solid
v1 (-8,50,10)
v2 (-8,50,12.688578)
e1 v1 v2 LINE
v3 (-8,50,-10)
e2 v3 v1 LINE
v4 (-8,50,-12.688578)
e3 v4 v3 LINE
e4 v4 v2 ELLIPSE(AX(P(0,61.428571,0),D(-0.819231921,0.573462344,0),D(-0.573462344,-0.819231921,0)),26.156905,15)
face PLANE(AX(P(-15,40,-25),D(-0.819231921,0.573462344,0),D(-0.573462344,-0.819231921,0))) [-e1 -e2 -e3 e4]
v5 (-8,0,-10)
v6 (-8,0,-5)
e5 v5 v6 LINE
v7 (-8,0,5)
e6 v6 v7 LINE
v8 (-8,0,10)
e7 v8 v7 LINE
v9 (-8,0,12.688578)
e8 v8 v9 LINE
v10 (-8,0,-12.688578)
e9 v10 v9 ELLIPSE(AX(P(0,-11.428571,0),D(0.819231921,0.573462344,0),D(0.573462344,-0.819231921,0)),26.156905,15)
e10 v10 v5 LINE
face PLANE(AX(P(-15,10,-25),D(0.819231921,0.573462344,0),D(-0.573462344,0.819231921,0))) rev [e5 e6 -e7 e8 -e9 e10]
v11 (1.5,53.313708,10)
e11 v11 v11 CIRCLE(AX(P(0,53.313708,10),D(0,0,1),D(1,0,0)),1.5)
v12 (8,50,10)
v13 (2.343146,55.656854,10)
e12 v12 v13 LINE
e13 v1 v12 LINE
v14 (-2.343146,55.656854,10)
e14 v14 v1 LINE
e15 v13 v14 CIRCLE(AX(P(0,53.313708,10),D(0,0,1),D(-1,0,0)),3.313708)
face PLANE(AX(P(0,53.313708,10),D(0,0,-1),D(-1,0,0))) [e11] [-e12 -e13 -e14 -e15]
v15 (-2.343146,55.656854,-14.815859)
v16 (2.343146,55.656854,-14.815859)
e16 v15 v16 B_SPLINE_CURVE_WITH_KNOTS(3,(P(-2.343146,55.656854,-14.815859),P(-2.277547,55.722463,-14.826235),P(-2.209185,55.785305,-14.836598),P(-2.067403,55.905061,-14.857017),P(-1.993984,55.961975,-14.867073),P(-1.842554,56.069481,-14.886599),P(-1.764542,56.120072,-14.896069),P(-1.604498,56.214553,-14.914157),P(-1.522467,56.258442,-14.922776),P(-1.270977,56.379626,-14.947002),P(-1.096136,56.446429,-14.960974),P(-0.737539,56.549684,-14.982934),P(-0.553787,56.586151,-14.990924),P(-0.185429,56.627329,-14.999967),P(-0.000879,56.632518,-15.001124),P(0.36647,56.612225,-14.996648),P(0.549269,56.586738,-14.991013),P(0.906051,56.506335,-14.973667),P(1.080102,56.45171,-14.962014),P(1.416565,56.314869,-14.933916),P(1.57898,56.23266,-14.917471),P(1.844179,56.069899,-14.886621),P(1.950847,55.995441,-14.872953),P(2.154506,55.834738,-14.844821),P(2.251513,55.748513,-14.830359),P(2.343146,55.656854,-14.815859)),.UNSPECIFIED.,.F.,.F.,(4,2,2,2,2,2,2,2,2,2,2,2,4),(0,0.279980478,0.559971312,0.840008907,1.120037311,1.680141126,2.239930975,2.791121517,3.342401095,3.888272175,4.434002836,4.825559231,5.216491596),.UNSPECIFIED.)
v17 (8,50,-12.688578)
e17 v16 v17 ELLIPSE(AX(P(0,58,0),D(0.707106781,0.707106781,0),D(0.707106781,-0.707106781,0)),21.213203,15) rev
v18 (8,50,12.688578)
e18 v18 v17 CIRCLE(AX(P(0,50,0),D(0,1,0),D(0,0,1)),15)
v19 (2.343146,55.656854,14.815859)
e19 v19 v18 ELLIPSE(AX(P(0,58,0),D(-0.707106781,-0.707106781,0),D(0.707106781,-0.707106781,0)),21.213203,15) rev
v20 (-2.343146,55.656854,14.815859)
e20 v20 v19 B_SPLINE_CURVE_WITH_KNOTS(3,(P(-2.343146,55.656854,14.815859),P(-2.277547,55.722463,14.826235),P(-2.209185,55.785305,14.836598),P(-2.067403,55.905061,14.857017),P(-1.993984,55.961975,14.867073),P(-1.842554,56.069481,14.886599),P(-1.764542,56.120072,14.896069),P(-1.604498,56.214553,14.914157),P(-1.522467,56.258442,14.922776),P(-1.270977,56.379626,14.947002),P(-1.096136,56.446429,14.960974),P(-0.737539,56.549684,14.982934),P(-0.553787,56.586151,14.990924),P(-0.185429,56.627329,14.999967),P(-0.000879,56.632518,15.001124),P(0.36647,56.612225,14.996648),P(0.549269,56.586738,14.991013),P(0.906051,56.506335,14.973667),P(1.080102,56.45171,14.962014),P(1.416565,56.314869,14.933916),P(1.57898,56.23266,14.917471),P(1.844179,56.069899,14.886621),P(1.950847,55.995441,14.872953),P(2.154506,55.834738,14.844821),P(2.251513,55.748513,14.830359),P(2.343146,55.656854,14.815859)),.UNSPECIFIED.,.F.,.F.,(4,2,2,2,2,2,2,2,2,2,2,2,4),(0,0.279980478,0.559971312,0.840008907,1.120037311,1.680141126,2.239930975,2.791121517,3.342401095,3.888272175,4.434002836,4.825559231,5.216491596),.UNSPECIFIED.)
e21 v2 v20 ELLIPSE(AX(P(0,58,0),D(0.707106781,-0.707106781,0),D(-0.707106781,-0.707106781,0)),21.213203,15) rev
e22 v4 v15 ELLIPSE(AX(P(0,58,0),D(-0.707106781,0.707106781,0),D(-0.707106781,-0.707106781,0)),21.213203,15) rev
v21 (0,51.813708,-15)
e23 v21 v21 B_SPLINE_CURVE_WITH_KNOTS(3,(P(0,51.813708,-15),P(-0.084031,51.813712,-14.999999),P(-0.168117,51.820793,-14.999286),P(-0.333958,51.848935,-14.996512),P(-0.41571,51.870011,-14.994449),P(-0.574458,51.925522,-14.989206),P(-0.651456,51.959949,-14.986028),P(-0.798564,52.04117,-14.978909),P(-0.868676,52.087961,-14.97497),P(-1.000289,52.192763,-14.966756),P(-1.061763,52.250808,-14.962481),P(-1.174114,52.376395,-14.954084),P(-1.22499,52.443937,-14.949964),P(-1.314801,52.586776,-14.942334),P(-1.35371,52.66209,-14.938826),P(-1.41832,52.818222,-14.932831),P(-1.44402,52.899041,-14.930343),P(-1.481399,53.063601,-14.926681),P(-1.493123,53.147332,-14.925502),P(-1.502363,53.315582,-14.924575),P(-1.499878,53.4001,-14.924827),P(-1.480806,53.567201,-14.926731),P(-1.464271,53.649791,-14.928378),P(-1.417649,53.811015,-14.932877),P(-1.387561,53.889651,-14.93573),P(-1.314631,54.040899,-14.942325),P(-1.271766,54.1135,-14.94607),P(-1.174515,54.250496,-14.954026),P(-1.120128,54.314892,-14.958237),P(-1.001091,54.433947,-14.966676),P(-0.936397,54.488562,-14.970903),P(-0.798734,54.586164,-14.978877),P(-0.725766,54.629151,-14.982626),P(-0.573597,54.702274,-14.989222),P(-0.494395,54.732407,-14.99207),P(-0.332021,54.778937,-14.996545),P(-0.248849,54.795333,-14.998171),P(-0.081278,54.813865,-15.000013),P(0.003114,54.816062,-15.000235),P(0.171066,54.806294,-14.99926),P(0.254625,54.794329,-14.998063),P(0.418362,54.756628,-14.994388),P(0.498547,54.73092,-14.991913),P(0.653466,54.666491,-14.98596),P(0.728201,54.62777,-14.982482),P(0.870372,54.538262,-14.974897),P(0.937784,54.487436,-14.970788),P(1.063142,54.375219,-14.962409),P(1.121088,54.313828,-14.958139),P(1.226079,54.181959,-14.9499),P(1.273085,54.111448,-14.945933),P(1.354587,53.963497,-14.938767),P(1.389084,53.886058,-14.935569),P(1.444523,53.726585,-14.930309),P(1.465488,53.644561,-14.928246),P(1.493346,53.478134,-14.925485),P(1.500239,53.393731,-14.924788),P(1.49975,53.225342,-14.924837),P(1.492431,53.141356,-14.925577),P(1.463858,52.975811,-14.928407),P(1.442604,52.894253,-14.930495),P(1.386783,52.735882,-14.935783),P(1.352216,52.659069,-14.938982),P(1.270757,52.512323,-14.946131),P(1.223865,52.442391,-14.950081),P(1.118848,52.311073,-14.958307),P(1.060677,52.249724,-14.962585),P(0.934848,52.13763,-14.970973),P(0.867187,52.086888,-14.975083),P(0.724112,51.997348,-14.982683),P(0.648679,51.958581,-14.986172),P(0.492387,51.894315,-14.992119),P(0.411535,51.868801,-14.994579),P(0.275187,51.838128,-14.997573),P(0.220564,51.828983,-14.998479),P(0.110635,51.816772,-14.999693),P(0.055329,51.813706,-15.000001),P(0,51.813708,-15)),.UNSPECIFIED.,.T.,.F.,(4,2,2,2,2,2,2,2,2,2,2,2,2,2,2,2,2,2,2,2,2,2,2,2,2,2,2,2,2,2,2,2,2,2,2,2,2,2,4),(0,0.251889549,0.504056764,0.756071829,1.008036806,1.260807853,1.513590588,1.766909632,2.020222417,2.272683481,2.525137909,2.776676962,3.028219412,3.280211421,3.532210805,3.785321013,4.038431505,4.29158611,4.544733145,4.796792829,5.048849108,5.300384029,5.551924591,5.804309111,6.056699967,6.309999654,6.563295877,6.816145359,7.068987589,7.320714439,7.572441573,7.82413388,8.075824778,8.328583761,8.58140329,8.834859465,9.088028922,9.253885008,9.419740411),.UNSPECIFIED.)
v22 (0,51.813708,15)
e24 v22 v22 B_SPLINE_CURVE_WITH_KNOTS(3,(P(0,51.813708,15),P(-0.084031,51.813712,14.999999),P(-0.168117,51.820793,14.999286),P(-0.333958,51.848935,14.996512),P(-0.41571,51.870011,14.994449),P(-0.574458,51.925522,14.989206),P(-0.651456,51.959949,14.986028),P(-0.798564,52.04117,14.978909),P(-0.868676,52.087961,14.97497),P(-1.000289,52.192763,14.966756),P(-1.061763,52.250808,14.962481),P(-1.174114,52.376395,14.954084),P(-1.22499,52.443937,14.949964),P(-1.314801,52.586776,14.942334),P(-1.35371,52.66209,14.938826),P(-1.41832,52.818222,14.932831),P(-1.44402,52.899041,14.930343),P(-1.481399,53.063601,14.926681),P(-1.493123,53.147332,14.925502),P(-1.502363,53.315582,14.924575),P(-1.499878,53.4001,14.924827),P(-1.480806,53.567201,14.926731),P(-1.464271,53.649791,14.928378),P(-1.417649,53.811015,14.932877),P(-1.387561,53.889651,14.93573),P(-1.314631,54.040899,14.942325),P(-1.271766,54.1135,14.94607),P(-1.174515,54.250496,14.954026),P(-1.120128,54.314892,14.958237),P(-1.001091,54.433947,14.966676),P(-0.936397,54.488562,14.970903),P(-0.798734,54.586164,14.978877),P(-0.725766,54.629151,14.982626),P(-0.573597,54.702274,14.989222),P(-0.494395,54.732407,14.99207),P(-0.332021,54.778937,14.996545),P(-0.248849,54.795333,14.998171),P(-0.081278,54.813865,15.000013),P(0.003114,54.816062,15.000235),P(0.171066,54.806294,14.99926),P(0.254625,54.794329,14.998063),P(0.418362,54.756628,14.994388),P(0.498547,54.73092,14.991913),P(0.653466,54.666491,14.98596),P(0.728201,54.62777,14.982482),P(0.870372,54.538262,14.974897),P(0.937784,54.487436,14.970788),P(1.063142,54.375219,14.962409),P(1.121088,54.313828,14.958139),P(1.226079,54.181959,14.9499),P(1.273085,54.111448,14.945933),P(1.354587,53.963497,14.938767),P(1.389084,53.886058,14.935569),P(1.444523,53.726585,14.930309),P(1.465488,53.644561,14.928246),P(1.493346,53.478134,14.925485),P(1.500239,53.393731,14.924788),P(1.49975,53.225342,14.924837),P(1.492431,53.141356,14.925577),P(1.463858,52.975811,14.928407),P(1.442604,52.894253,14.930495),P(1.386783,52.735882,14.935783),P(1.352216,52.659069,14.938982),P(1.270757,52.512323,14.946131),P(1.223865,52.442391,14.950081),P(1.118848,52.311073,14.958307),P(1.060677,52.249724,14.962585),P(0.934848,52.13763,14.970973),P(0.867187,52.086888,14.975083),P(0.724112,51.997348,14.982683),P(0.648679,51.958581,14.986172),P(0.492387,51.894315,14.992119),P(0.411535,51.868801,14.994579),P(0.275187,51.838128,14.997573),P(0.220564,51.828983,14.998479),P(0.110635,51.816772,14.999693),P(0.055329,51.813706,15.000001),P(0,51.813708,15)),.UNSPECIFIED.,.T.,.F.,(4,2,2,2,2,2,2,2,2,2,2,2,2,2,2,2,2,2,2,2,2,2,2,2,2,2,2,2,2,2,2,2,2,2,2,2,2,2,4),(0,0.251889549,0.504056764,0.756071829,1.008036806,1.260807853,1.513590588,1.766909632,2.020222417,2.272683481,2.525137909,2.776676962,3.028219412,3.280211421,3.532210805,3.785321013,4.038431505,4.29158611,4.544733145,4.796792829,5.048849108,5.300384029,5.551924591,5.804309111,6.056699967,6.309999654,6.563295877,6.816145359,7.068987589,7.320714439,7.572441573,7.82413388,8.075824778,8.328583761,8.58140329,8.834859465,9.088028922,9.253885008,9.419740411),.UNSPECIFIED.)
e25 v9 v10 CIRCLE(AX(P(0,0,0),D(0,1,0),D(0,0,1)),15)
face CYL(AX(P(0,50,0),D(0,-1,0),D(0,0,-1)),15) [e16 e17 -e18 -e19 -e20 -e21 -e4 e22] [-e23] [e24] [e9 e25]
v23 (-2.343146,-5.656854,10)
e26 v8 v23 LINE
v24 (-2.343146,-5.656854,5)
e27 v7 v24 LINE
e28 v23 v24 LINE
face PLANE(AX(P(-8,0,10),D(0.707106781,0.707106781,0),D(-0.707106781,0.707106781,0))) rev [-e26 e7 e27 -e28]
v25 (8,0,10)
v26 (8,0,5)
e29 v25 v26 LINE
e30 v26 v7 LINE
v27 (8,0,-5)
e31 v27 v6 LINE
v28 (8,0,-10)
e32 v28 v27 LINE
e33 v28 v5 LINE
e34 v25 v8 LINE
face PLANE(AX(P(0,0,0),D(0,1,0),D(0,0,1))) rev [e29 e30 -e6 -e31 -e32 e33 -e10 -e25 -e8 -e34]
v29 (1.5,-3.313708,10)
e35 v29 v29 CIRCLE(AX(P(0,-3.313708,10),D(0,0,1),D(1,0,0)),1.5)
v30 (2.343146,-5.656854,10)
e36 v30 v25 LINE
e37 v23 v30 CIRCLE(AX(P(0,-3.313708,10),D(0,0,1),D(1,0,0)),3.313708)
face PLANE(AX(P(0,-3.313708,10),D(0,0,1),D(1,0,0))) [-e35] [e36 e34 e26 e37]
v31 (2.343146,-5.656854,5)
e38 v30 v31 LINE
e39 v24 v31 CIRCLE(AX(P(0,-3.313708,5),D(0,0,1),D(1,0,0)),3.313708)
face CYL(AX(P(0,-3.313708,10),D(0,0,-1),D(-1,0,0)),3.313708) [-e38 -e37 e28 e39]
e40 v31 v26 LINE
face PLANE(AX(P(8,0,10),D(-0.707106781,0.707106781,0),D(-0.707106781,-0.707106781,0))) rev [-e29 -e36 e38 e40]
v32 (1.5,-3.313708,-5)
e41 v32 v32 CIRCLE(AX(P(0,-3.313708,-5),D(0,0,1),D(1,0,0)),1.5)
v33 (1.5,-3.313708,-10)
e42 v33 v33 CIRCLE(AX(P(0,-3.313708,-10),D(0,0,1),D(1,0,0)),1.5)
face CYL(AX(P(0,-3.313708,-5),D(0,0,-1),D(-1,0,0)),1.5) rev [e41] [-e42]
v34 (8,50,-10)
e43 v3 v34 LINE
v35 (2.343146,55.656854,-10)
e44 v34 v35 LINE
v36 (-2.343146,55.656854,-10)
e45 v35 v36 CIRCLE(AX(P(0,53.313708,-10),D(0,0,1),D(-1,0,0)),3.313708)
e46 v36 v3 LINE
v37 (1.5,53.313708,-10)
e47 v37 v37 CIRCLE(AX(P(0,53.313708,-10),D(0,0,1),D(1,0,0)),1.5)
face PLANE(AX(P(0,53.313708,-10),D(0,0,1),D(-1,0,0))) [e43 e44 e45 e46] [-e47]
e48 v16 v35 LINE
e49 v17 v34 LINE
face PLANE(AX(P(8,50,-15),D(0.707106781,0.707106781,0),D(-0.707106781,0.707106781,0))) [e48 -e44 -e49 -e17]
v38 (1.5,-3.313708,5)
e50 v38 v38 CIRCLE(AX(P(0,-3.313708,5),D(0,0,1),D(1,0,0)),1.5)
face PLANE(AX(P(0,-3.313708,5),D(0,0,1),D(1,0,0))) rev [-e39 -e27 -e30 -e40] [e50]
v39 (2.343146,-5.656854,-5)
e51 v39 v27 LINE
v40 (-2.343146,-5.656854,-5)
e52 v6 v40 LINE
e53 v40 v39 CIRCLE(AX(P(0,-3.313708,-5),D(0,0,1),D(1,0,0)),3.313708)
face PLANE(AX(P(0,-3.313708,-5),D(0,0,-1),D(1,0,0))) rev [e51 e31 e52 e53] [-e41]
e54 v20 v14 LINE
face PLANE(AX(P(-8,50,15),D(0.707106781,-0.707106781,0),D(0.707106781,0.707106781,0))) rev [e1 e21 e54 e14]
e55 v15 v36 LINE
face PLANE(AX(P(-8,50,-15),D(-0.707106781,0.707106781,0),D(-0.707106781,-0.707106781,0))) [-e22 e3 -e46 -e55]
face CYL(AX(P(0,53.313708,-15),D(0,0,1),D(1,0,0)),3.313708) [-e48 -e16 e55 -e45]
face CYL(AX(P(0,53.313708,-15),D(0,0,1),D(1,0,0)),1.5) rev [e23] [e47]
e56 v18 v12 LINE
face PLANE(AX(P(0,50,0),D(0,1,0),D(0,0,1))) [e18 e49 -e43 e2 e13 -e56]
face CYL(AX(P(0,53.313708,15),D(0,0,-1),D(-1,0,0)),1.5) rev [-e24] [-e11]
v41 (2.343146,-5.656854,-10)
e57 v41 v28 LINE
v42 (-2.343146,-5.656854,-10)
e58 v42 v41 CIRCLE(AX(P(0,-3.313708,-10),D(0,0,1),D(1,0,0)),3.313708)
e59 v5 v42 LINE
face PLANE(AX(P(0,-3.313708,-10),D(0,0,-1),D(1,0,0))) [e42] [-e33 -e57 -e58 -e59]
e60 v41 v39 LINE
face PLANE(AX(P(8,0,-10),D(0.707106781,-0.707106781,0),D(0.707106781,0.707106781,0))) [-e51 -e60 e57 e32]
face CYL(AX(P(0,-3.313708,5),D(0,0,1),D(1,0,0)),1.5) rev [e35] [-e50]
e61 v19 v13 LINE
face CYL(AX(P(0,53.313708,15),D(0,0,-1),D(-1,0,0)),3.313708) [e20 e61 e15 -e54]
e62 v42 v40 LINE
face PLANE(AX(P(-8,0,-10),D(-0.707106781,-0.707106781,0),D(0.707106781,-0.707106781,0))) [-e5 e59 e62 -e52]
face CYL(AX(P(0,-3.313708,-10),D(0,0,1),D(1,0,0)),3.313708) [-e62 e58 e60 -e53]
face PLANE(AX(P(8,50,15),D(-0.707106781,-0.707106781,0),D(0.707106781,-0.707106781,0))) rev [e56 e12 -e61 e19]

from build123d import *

# Parameters (mm, degrees)
CROQUIS1_R              = 15
SALIENTE_EXTRUIR1_DEPTH = 50
SALIENTE_EXTRUIR2_START = 5
SALIENTE_EXTRUIR2_DEPTH = 5
CROQUIS3_R              = 1.5
CORTAR_EXTRUIR1_DEPTH   = 5
CORTAR_EXTRUIR2_DEPTH   = 25
SALIENTE_EXTRUIR3_START = 10
CROQUIS5_R              = 1.5
SALIENTE_EXTRUIR3_DEPTH = 5
CROQUIS6_R              = 22.280416197
CROQUIS6_R_2            = 15
CORTAR_EXTRUIR3_DEPTH   = 20


with BuildPart() as part:
    # Croquis1 → Saliente-Extruir1 (new body)
    with BuildSketch(Plane(origin=(0, 0, 0), x_dir=(1, 0, 0), z_dir=(0, 1, 0))):
        with Locations(Location((0, 0, 0), (0, 0, 270))):
            Circle(CROQUIS1_R)
    extrude(amount=SALIENTE_EXTRUIR1_DEPTH)

    # Croquis2 → Saliente-Extruir2 (add)
    with BuildSketch(Plane.XY.offset(SALIENTE_EXTRUIR2_START)):
        with BuildLine():
            Line((-8, 0), (-2.343145751, -5.656854249))
            ThreePointArc((-2.343145751, -5.656854249), (0, -6.627416998), (2.343145751, -5.656854249))
            Line((2.343145751, -5.656854249), (8, 0))
            Line((8, 0), (-8, 0))
        make_face()
    saliente_extruir2 = extrude(amount=SALIENTE_EXTRUIR2_DEPTH)

    # Croquis3 → Cortar-Extruir1 (cut)
    with BuildSketch(Plane.XY.offset(10)):
        with Locations((0, -3.313708499)):
            Circle(CROQUIS3_R)
    cortar_extruir1 = extrude(amount=-CORTAR_EXTRUIR1_DEPTH, mode=Mode.SUBTRACT)

    # Simetría1: Saliente-Extruir2, Cortar-Extruir1 across plane
    add(saliente_extruir2.mirror(Plane.XY))
    add(cortar_extruir1.mirror(Plane.XY), mode=Mode.SUBTRACT)

    # Croquis4 → Cortar-Extruir2 (cut, symmetric)
    with BuildSketch(Plane.XY):
        Polygon((-8, 0), (-15, 0), (-15, 10), align=None)
    cortar_extruir2 = extrude(amount=CORTAR_EXTRUIR2_DEPTH, both=True, mode=Mode.SUBTRACT)

    # Simetría2: Cortar-Extruir2 across plane
    add(cortar_extruir2.mirror(Plane.ZX.offset(25)), mode=Mode.SUBTRACT)

    # Croquis5 → Saliente-Extruir3 (add)
    with BuildSketch(Plane.XY.offset(SALIENTE_EXTRUIR3_START)):
        with BuildLine():
            Line((-8, 50), (-2.343145751, 55.656854249))
            ThreePointArc((-2.343145751, 55.656854249), (0, 56.627416998), (2.343145751, 55.656854249))
            Line((2.343145751, 55.656854249), (8, 50))
            Line((8, 50), (-8, 50))
        make_face()
        with Locations((0, 53.313708499)):
            Circle(CROQUIS5_R, mode=Mode.SUBTRACT)
    saliente_extruir3 = extrude(amount=SALIENTE_EXTRUIR3_DEPTH)

    # Simetría3: Saliente-Extruir3 across plane
    add(saliente_extruir3.mirror(Plane.XY))

    # Croquis6 → Cortar-Extruir3 (cut)
    with BuildSketch(Plane(origin=(0, 50, 0), x_dir=(1, 0, 0), z_dir=(0, 1, 0))):
        Circle(CROQUIS6_R)
        with Locations(Location((0, 0, 0), (0, 0, 122.230952636))):
            Circle(CROQUIS6_R_2, mode=Mode.SUBTRACT)
    extrude(amount=CORTAR_EXTRUIR3_DEPTH, mode=Mode.SUBTRACT)


solid = part.part
